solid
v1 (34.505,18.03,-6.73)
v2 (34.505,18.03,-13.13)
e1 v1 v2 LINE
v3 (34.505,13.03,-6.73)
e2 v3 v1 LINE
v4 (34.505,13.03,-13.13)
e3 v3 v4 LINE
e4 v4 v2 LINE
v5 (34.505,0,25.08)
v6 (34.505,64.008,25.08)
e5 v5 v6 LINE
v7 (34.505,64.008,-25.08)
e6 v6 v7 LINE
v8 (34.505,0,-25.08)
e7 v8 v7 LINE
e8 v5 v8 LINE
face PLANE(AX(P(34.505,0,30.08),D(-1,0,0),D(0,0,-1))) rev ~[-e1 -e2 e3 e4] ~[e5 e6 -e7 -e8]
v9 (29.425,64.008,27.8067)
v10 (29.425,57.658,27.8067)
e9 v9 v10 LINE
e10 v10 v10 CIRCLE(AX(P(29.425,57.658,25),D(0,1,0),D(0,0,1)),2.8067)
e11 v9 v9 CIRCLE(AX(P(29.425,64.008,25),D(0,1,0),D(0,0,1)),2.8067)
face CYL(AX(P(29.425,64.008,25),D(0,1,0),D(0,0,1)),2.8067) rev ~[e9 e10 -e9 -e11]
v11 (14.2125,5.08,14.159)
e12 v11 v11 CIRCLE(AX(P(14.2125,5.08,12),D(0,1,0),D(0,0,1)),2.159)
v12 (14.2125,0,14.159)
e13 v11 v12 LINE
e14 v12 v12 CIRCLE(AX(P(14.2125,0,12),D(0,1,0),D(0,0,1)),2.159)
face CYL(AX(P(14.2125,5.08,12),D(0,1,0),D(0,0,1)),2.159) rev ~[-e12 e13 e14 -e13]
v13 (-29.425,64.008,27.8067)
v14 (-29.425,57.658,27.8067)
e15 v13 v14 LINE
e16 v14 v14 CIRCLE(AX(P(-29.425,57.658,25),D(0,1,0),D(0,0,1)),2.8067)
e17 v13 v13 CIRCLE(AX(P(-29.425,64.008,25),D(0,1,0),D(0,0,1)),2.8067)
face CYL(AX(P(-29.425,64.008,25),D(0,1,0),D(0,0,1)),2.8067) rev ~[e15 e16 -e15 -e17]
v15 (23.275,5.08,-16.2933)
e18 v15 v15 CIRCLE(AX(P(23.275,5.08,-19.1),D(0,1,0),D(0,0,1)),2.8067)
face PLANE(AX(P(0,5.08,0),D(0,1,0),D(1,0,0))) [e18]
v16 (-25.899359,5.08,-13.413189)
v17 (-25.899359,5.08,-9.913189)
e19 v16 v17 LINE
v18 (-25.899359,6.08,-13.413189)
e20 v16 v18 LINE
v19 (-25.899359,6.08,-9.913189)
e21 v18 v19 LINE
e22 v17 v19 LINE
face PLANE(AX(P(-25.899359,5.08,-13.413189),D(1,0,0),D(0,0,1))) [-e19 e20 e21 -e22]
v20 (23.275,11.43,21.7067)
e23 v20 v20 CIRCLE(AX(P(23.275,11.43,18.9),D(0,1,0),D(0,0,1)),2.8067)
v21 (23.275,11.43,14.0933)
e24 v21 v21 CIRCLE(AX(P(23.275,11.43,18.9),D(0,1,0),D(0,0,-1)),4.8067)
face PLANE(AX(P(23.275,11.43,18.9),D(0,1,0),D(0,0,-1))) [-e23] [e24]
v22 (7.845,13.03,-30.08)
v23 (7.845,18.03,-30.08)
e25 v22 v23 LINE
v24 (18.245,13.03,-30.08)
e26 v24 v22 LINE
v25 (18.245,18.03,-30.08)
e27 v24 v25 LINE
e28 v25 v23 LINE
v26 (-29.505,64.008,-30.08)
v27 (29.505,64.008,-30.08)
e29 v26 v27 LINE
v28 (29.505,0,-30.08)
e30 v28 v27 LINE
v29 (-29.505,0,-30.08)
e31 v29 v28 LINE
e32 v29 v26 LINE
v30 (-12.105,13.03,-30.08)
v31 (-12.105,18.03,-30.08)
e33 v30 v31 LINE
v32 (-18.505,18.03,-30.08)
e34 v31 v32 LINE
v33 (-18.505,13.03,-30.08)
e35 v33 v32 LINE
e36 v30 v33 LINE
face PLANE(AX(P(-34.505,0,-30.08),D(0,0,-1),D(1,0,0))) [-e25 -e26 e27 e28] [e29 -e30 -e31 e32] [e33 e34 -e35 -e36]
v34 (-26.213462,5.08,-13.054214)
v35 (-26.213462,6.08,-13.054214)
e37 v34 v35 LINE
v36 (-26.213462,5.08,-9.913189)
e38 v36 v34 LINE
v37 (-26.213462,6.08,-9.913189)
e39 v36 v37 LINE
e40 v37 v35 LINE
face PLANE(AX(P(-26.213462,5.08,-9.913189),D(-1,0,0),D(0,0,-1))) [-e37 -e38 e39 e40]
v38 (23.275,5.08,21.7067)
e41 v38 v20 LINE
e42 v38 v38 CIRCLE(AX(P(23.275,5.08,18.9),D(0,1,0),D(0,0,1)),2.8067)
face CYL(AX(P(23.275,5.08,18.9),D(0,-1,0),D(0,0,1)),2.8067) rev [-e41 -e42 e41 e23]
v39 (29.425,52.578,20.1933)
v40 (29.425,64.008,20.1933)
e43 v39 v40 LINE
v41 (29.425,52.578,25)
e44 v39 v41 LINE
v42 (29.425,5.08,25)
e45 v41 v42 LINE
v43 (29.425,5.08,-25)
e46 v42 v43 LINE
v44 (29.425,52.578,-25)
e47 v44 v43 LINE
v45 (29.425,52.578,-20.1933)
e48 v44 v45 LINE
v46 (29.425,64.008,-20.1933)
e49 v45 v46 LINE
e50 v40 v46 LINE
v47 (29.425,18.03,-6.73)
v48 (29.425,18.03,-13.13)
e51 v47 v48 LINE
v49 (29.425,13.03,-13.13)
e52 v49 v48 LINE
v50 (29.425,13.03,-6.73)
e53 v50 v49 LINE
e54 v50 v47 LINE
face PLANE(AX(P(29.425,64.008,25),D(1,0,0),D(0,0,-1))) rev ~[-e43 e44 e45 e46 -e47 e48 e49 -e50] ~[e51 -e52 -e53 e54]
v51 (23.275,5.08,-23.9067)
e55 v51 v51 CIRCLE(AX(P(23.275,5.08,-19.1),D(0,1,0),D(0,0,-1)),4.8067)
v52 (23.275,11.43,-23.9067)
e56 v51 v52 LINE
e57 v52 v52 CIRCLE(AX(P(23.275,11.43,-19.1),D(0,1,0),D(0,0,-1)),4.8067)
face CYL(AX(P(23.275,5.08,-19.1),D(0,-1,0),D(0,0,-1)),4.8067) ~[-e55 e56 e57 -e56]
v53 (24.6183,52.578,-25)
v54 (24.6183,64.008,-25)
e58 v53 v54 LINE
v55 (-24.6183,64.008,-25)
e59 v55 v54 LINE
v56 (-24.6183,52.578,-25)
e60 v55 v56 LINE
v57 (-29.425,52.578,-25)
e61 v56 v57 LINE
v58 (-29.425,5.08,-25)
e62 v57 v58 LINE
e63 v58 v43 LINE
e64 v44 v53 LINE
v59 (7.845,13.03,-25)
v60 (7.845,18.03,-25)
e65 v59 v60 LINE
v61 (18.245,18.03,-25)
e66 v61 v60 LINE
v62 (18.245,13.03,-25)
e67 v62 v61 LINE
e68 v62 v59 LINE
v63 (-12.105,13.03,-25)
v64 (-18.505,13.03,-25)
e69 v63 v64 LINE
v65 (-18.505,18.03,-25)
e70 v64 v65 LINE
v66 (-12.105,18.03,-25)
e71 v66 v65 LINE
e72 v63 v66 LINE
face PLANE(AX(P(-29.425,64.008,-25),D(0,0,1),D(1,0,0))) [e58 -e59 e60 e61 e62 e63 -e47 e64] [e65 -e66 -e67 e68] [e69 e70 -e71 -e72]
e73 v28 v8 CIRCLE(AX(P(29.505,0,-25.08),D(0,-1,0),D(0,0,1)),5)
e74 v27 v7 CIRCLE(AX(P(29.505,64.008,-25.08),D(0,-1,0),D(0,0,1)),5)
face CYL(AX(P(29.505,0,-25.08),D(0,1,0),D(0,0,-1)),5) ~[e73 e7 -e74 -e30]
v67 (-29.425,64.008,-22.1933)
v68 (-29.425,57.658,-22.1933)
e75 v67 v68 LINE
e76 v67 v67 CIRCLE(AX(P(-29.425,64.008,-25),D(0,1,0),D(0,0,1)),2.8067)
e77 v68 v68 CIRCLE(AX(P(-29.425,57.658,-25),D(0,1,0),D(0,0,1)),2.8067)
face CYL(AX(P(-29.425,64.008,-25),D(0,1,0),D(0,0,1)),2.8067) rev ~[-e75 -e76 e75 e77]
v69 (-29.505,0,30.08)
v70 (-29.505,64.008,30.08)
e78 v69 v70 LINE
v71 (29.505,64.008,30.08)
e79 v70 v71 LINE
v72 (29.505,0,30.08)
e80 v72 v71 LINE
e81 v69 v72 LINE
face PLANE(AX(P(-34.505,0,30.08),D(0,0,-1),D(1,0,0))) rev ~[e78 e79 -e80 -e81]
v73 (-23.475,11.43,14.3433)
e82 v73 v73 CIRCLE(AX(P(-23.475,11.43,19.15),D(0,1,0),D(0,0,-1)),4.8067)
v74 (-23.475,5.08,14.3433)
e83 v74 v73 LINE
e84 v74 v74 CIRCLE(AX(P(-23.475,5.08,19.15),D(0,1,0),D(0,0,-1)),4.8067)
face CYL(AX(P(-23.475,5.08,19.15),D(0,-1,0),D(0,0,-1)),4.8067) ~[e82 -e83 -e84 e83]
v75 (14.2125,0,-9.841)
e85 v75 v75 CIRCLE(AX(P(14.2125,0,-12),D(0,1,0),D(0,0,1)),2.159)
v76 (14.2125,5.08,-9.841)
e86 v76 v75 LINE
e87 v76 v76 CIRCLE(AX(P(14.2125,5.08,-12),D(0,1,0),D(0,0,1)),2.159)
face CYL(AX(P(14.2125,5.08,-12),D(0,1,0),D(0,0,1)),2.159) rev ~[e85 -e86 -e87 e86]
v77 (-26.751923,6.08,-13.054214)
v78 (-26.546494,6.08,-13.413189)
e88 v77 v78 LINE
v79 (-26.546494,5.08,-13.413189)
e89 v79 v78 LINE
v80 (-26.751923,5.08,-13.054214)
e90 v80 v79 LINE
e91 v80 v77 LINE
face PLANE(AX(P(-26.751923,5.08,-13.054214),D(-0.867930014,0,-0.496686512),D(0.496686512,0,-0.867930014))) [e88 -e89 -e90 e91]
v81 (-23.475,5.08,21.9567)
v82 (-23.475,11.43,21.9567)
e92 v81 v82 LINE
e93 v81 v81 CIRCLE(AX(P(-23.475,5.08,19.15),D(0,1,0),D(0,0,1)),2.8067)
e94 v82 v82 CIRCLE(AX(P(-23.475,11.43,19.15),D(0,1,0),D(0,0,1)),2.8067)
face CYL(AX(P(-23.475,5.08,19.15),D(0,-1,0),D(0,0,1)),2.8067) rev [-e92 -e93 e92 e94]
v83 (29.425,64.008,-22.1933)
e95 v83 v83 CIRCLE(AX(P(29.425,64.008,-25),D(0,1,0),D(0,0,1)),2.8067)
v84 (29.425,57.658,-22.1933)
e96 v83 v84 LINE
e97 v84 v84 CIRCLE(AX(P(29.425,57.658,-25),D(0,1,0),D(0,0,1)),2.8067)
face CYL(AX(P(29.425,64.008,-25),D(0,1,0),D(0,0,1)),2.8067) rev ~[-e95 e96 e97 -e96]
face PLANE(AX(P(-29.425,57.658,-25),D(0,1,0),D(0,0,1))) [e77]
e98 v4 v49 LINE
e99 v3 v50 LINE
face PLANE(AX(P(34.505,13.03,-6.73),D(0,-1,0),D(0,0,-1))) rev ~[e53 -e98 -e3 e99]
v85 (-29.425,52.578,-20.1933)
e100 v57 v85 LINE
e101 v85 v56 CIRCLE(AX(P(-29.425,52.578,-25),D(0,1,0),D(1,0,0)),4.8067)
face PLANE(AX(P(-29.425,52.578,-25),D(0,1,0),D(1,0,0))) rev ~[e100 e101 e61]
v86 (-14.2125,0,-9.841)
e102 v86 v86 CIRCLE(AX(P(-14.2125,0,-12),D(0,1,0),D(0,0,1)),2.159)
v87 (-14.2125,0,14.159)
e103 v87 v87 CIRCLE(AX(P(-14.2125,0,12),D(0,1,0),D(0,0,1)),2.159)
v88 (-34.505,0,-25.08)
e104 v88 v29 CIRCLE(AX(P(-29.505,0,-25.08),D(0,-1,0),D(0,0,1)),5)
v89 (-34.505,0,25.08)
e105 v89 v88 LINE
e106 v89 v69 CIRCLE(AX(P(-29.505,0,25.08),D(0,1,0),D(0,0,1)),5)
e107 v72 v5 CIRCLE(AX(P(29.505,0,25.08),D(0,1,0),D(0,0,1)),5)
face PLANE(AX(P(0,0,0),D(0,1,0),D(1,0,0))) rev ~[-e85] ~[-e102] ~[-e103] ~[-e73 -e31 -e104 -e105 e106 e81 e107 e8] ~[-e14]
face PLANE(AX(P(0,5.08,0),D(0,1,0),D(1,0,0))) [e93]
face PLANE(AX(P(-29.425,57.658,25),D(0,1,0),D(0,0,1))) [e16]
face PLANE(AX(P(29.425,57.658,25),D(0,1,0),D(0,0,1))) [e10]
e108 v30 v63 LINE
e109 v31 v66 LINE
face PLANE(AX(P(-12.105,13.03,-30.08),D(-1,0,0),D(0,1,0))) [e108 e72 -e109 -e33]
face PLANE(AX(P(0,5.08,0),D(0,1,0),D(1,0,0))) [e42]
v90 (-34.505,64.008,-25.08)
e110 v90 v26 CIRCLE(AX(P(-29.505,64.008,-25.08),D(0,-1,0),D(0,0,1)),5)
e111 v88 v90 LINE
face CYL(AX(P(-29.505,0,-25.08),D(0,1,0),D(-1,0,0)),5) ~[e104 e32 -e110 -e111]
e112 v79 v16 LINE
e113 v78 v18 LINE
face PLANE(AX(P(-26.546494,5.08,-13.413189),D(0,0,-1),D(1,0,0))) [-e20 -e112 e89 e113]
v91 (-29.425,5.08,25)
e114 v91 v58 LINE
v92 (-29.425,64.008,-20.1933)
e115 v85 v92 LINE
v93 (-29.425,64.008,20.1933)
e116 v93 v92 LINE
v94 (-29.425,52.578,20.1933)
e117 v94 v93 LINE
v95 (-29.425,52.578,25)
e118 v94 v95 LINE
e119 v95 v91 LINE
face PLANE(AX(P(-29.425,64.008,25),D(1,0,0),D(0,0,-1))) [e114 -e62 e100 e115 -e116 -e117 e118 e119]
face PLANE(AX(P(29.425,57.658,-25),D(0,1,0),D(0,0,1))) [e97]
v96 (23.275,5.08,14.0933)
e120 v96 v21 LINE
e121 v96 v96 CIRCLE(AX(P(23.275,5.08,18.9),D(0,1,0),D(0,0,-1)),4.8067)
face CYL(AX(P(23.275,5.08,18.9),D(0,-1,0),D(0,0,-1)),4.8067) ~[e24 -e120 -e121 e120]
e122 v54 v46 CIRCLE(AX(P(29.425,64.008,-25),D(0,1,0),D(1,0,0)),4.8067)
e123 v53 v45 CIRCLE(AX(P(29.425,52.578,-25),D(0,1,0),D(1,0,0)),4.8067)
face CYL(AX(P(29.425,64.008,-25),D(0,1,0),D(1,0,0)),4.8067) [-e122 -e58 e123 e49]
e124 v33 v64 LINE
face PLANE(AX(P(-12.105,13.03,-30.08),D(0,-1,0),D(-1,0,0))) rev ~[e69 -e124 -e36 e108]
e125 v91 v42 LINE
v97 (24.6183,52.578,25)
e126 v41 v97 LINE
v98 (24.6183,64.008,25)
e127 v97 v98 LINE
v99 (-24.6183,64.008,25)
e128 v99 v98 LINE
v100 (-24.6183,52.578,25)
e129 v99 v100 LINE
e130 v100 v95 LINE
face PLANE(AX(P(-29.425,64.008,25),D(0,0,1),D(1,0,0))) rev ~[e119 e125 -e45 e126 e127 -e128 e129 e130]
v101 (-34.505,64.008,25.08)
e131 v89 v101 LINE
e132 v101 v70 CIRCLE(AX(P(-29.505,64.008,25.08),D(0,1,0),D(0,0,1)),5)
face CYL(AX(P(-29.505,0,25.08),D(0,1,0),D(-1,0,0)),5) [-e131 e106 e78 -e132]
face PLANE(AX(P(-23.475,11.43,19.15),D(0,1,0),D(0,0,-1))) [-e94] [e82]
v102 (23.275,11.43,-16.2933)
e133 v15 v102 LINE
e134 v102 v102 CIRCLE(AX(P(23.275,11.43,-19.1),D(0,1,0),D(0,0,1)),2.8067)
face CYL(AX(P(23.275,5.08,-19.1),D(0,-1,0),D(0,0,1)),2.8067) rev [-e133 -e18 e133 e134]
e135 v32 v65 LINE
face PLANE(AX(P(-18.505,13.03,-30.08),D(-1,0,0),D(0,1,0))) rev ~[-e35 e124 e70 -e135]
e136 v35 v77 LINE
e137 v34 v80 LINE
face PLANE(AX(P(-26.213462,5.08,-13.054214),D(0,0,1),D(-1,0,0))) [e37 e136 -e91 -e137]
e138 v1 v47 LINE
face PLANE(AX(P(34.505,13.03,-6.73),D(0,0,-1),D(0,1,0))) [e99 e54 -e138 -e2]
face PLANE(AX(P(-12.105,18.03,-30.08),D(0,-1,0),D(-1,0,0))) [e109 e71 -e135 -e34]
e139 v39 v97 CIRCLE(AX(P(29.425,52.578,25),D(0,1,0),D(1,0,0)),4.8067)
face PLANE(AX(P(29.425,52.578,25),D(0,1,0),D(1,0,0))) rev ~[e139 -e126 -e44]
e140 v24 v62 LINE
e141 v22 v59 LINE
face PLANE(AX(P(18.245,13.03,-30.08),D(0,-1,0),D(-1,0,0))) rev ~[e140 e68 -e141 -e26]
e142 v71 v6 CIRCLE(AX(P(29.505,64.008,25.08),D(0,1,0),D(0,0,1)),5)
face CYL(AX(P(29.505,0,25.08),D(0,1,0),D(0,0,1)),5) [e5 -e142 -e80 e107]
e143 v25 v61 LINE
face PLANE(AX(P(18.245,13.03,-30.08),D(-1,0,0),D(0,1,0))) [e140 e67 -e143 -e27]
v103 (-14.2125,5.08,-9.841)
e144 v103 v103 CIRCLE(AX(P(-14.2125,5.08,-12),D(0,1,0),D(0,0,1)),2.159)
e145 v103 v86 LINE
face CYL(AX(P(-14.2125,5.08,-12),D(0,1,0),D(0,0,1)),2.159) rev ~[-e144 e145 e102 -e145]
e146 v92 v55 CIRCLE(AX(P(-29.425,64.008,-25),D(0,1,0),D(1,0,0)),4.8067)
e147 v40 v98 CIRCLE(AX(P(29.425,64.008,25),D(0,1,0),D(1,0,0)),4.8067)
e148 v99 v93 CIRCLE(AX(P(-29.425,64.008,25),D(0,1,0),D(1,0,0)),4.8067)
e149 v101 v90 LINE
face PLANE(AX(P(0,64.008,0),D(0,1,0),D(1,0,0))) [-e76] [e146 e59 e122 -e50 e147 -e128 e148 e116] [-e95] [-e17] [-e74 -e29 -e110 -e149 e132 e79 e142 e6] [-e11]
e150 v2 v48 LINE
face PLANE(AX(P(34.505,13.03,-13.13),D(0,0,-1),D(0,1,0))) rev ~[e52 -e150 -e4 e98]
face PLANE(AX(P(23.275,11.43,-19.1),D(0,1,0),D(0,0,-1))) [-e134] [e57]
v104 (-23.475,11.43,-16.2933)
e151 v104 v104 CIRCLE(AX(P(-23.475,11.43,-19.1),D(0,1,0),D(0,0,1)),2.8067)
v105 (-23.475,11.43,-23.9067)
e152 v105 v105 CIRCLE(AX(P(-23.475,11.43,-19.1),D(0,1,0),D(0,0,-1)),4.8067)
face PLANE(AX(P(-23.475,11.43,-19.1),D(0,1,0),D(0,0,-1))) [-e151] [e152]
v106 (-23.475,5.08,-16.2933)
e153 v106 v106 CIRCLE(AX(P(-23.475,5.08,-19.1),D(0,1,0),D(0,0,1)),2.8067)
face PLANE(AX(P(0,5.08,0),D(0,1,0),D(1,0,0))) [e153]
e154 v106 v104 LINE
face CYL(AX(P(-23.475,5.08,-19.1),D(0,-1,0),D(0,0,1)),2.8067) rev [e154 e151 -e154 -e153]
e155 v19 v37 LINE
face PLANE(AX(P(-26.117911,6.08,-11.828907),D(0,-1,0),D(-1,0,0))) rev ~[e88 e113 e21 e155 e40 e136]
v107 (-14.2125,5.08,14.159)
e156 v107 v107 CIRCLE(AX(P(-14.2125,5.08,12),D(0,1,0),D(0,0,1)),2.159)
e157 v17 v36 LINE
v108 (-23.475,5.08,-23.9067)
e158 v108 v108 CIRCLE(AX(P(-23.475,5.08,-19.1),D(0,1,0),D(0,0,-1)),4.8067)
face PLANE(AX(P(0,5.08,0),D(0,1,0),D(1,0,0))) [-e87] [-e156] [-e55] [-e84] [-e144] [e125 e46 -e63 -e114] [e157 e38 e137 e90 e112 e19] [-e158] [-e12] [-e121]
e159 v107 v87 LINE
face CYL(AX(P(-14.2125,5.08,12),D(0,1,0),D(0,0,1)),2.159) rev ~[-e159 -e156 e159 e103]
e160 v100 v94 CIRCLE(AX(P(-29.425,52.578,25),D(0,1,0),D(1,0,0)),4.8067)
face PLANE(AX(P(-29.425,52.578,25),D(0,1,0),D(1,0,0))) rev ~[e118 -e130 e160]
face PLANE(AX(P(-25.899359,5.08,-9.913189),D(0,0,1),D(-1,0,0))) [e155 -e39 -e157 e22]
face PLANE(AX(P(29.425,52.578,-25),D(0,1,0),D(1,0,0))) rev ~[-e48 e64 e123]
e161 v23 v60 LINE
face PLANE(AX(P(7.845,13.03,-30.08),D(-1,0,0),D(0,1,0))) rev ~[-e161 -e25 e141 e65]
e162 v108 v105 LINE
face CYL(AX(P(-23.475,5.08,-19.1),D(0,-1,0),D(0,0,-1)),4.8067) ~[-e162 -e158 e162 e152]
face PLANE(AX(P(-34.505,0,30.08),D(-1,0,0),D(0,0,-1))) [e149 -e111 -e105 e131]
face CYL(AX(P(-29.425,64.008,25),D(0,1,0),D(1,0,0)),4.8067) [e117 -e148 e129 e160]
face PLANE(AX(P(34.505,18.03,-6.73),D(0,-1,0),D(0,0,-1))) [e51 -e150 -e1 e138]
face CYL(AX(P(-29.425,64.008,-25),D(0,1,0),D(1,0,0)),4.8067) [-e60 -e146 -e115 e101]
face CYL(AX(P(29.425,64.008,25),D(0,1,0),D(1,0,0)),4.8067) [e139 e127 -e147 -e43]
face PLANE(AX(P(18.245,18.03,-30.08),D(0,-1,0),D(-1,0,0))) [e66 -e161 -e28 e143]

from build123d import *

# Parameters (mm, degrees)
SKETCH1_W                  = 69.01
SKETCH1_H                  = 60.16
BOSS_EXTRUDE3_DEPTH        = 64.008
SKETCH2_W                  = 58.85
SKETCH2_H                  = 50
CUT_EXTRUDE4_DEPTH         = 58.928
FILLET1_R                  = 5
SKETCH3_R                  = 4.8067
BOSS_EXTRUDE4_DEPTH        = 11.43
SKETCH3_3_R                = 2.8067
CUT_EXTRUDE5_DEPTH         = 6.35
SKETCH9_R                  = 4.8067
SKETCH9_R_2                = 2.8067
BOSS_EXTRUDE5_DEPTH        = 6.35
SKETCH10_R                 = 2.159
CUT_EXTRUDE6_DEPTH         = 5.08
BOSS_EXTRUDE6_DEPTH        = 1
FACE_2_CONNECTOR_HOLES_W   = 6.4
FACE_2_CONNECTOR_HOLES_H   = 5
FACE_2_CONNECTOR_HOLES_W_2 = 10.4
CUT_EXTRUDE7_DEPTH         = 5.08
FACE_3_CONNECTOR_HOLES_W   = 6.4
FACE_3_CONNECTOR_HOLES_H   = 5
CUT_EXTRUDE8_DEPTH         = 5.08


with BuildPart() as part:
    # Sketch1 → Boss-Extrude3 (new body)
    with BuildSketch(Plane(origin=(0, 0, 0), x_dir=(1, 0, 0), z_dir=(0, 1, 0))):
        Rectangle(SKETCH1_W, SKETCH1_H)
    extrude(amount=BOSS_EXTRUDE3_DEPTH)

    # Sketch2 → Cut-Extrude4 (cut)
    with BuildSketch(Plane(origin=(0, 64.008, 0), x_dir=(1, 0, 0), z_dir=(0, 1, 0))):
        Rectangle(SKETCH2_W, SKETCH2_H)
    extrude(amount=-CUT_EXTRUDE4_DEPTH, mode=Mode.SUBTRACT)

    # Fillet1
    fillet1_edges = [part.edges().sort_by_distance(p)[0] for p in [
        (-34.505, 32.004, 30.08),
        (34.505, 32.004, 30.08),
        (34.505, 32.004, -30.08),
        (-34.505, 32.004, -30.08),
    ]]
    fillet(fillet1_edges, radius=FILLET1_R)

    # Sketch3 → Boss-Extrude4 (add)
    with BuildSketch(Plane(origin=(0, 64.008, 0), x_dir=(1, 0, 0), z_dir=(0, 1, 0))):
        with Locations((-29.425, 25)):
            Circle(SKETCH3_R)
        with Locations((29.425, 25)):
            Circle(SKETCH3_R)
        with Locations((-29.425, -25)):
            Circle(SKETCH3_R)
        with Locations((29.425, -25)):
            Circle(SKETCH3_R)
    extrude(amount=-BOSS_EXTRUDE4_DEPTH)

    # Sketch3<3> → Cut-Extrude5 (cut)
    with BuildSketch(Plane(origin=(0, 64.008, 0), x_dir=(1, 0, 0), z_dir=(0, 1, 0))):
        with Locations(Location((-29.425, 25, 0), (0, 0, 270))):
            Circle(SKETCH3_3_R)
        with Locations(Location((29.425, 25, 0), (0, 0, 270))):
            Circle(SKETCH3_3_R)
        with Locations(Location((29.425, -25, 0), (0, 0, 270))):
            Circle(SKETCH3_3_R)
        with Locations(Location((-29.425, -25, 0), (0, 0, 270))):
            Circle(SKETCH3_3_R)
    extrude(amount=-CUT_EXTRUDE5_DEPTH, mode=Mode.SUBTRACT)

    # Sketch9 → Boss-Extrude5 (add)
    # profile 1 of 4: a face of its own
    with BuildSketch(Plane(origin=(0, 5.08, 0), x_dir=(1, 0, 0), z_dir=(0, 1, 0))):
        with Locations(Location((-23.475, 19.1, 0), (0, 0, 90))):
            Circle(SKETCH9_R)
        with Locations(Location((-23.475, 19.1, 0), (0, 0, 270))):
            Circle(SKETCH9_R_2, mode=Mode.SUBTRACT)
    # profile 2 of 4: a face of its own
    with BuildSketch(Plane(origin=(0, 5.08, 0), x_dir=(1, 0, 0), z_dir=(0, 1, 0))):
        with Locations(Location((23.275, 19.1, 0), (0, 0, 90))):
            Circle(SKETCH9_R)
        with Locations(Location((23.275, 19.1, 0), (0, 0, 270))):
            Circle(SKETCH9_R_2, mode=Mode.SUBTRACT)
    # profile 3 of 4: a face of its own
    with BuildSketch(Plane(origin=(0, 5.08, 0), x_dir=(1, 0, 0), z_dir=(0, 1, 0))):
        with Locations(Location((23.275, -18.9, 0), (0, 0, 90))):
            Circle(SKETCH9_R)
        with Locations(Location((23.275, -18.9, 0), (0, 0, 270))):
            Circle(SKETCH9_R_2, mode=Mode.SUBTRACT)
    # profile 4 of 4: a face of its own
    with BuildSketch(Plane(origin=(0, 5.08, 0), x_dir=(1, 0, 0), z_dir=(0, 1, 0))):
        with Locations(Location((-23.475, -19.15, 0), (0, 0, 90))):
            Circle(SKETCH9_R)
        with Locations(Location((-23.475, -19.15, 0), (0, 0, 270))):
            Circle(SKETCH9_R_2, mode=Mode.SUBTRACT)
    extrude(amount=BOSS_EXTRUDE5_DEPTH)

    # Sketch10 → Cut-Extrude6 (cut)
    with BuildSketch(Plane(origin=(0, 5.08, 0), x_dir=(1, 0, 0), z_dir=(0, 1, 0))):
        with Locations(Location((14.2125, 12, 0), (0, 0, 270))):
            Circle(SKETCH10_R)
        with Locations(Location((14.2125, -12, 0), (0, 0, 270))):
            Circle(SKETCH10_R)
        with Locations(Location((-14.2125, 12, 0), (0, 0, 270))):
            Circle(SKETCH10_R)
        with Locations(Location((-14.2125, -12, 0), (0, 0, 270))):
            Circle(SKETCH10_R)
    extrude(amount=-CUT_EXTRUDE6_DEPTH, mode=Mode.SUBTRACT)

    # Sketch12 → Boss-Extrude6 (add)
    with BuildSketch(Plane(origin=(0, 5.08, 0), x_dir=(1, 0, 0), z_dir=(0, 1, 0))):
        Polygon((-26.546494391, 13.413188801), (-25.899358974, 13.413188801), (-25.899358974, 9.913188801), (-26.213461538, 9.913188801), (-26.213461538, 13.054214442), (-26.751923077, 13.054214442), align=None)
    extrude(amount=BOSS_EXTRUDE6_DEPTH)

    # Face 2 Connector Holes → Cut-Extrude7 (cut)
    with BuildSketch(Plane(origin=(0, 0, -30.08), x_dir=(-1, 0, 0), z_dir=(0, 0, -1))):
        with Locations((15.305, 15.53)):
            Rectangle(FACE_2_CONNECTOR_HOLES_W, FACE_2_CONNECTOR_HOLES_H)
        with Locations((-13.045, 15.53)):
            Rectangle(FACE_2_CONNECTOR_HOLES_W_2, FACE_2_CONNECTOR_HOLES_H)
    extrude(amount=-CUT_EXTRUDE7_DEPTH, mode=Mode.SUBTRACT)

    # Face 3 Connector Holes → Cut-Extrude8 (cut)
    with BuildSketch(Plane(origin=(34.505, 0, 0), x_dir=(0, 0, -1), z_dir=(1, 0, 0))):
        with Locations((9.93, 15.53)):
            Rectangle(FACE_3_CONNECTOR_HOLES_W, FACE_3_CONNECTOR_HOLES_H)
    extrude(amount=-CUT_EXTRUDE8_DEPTH, mode=Mode.SUBTRACT)


solid = part.part
